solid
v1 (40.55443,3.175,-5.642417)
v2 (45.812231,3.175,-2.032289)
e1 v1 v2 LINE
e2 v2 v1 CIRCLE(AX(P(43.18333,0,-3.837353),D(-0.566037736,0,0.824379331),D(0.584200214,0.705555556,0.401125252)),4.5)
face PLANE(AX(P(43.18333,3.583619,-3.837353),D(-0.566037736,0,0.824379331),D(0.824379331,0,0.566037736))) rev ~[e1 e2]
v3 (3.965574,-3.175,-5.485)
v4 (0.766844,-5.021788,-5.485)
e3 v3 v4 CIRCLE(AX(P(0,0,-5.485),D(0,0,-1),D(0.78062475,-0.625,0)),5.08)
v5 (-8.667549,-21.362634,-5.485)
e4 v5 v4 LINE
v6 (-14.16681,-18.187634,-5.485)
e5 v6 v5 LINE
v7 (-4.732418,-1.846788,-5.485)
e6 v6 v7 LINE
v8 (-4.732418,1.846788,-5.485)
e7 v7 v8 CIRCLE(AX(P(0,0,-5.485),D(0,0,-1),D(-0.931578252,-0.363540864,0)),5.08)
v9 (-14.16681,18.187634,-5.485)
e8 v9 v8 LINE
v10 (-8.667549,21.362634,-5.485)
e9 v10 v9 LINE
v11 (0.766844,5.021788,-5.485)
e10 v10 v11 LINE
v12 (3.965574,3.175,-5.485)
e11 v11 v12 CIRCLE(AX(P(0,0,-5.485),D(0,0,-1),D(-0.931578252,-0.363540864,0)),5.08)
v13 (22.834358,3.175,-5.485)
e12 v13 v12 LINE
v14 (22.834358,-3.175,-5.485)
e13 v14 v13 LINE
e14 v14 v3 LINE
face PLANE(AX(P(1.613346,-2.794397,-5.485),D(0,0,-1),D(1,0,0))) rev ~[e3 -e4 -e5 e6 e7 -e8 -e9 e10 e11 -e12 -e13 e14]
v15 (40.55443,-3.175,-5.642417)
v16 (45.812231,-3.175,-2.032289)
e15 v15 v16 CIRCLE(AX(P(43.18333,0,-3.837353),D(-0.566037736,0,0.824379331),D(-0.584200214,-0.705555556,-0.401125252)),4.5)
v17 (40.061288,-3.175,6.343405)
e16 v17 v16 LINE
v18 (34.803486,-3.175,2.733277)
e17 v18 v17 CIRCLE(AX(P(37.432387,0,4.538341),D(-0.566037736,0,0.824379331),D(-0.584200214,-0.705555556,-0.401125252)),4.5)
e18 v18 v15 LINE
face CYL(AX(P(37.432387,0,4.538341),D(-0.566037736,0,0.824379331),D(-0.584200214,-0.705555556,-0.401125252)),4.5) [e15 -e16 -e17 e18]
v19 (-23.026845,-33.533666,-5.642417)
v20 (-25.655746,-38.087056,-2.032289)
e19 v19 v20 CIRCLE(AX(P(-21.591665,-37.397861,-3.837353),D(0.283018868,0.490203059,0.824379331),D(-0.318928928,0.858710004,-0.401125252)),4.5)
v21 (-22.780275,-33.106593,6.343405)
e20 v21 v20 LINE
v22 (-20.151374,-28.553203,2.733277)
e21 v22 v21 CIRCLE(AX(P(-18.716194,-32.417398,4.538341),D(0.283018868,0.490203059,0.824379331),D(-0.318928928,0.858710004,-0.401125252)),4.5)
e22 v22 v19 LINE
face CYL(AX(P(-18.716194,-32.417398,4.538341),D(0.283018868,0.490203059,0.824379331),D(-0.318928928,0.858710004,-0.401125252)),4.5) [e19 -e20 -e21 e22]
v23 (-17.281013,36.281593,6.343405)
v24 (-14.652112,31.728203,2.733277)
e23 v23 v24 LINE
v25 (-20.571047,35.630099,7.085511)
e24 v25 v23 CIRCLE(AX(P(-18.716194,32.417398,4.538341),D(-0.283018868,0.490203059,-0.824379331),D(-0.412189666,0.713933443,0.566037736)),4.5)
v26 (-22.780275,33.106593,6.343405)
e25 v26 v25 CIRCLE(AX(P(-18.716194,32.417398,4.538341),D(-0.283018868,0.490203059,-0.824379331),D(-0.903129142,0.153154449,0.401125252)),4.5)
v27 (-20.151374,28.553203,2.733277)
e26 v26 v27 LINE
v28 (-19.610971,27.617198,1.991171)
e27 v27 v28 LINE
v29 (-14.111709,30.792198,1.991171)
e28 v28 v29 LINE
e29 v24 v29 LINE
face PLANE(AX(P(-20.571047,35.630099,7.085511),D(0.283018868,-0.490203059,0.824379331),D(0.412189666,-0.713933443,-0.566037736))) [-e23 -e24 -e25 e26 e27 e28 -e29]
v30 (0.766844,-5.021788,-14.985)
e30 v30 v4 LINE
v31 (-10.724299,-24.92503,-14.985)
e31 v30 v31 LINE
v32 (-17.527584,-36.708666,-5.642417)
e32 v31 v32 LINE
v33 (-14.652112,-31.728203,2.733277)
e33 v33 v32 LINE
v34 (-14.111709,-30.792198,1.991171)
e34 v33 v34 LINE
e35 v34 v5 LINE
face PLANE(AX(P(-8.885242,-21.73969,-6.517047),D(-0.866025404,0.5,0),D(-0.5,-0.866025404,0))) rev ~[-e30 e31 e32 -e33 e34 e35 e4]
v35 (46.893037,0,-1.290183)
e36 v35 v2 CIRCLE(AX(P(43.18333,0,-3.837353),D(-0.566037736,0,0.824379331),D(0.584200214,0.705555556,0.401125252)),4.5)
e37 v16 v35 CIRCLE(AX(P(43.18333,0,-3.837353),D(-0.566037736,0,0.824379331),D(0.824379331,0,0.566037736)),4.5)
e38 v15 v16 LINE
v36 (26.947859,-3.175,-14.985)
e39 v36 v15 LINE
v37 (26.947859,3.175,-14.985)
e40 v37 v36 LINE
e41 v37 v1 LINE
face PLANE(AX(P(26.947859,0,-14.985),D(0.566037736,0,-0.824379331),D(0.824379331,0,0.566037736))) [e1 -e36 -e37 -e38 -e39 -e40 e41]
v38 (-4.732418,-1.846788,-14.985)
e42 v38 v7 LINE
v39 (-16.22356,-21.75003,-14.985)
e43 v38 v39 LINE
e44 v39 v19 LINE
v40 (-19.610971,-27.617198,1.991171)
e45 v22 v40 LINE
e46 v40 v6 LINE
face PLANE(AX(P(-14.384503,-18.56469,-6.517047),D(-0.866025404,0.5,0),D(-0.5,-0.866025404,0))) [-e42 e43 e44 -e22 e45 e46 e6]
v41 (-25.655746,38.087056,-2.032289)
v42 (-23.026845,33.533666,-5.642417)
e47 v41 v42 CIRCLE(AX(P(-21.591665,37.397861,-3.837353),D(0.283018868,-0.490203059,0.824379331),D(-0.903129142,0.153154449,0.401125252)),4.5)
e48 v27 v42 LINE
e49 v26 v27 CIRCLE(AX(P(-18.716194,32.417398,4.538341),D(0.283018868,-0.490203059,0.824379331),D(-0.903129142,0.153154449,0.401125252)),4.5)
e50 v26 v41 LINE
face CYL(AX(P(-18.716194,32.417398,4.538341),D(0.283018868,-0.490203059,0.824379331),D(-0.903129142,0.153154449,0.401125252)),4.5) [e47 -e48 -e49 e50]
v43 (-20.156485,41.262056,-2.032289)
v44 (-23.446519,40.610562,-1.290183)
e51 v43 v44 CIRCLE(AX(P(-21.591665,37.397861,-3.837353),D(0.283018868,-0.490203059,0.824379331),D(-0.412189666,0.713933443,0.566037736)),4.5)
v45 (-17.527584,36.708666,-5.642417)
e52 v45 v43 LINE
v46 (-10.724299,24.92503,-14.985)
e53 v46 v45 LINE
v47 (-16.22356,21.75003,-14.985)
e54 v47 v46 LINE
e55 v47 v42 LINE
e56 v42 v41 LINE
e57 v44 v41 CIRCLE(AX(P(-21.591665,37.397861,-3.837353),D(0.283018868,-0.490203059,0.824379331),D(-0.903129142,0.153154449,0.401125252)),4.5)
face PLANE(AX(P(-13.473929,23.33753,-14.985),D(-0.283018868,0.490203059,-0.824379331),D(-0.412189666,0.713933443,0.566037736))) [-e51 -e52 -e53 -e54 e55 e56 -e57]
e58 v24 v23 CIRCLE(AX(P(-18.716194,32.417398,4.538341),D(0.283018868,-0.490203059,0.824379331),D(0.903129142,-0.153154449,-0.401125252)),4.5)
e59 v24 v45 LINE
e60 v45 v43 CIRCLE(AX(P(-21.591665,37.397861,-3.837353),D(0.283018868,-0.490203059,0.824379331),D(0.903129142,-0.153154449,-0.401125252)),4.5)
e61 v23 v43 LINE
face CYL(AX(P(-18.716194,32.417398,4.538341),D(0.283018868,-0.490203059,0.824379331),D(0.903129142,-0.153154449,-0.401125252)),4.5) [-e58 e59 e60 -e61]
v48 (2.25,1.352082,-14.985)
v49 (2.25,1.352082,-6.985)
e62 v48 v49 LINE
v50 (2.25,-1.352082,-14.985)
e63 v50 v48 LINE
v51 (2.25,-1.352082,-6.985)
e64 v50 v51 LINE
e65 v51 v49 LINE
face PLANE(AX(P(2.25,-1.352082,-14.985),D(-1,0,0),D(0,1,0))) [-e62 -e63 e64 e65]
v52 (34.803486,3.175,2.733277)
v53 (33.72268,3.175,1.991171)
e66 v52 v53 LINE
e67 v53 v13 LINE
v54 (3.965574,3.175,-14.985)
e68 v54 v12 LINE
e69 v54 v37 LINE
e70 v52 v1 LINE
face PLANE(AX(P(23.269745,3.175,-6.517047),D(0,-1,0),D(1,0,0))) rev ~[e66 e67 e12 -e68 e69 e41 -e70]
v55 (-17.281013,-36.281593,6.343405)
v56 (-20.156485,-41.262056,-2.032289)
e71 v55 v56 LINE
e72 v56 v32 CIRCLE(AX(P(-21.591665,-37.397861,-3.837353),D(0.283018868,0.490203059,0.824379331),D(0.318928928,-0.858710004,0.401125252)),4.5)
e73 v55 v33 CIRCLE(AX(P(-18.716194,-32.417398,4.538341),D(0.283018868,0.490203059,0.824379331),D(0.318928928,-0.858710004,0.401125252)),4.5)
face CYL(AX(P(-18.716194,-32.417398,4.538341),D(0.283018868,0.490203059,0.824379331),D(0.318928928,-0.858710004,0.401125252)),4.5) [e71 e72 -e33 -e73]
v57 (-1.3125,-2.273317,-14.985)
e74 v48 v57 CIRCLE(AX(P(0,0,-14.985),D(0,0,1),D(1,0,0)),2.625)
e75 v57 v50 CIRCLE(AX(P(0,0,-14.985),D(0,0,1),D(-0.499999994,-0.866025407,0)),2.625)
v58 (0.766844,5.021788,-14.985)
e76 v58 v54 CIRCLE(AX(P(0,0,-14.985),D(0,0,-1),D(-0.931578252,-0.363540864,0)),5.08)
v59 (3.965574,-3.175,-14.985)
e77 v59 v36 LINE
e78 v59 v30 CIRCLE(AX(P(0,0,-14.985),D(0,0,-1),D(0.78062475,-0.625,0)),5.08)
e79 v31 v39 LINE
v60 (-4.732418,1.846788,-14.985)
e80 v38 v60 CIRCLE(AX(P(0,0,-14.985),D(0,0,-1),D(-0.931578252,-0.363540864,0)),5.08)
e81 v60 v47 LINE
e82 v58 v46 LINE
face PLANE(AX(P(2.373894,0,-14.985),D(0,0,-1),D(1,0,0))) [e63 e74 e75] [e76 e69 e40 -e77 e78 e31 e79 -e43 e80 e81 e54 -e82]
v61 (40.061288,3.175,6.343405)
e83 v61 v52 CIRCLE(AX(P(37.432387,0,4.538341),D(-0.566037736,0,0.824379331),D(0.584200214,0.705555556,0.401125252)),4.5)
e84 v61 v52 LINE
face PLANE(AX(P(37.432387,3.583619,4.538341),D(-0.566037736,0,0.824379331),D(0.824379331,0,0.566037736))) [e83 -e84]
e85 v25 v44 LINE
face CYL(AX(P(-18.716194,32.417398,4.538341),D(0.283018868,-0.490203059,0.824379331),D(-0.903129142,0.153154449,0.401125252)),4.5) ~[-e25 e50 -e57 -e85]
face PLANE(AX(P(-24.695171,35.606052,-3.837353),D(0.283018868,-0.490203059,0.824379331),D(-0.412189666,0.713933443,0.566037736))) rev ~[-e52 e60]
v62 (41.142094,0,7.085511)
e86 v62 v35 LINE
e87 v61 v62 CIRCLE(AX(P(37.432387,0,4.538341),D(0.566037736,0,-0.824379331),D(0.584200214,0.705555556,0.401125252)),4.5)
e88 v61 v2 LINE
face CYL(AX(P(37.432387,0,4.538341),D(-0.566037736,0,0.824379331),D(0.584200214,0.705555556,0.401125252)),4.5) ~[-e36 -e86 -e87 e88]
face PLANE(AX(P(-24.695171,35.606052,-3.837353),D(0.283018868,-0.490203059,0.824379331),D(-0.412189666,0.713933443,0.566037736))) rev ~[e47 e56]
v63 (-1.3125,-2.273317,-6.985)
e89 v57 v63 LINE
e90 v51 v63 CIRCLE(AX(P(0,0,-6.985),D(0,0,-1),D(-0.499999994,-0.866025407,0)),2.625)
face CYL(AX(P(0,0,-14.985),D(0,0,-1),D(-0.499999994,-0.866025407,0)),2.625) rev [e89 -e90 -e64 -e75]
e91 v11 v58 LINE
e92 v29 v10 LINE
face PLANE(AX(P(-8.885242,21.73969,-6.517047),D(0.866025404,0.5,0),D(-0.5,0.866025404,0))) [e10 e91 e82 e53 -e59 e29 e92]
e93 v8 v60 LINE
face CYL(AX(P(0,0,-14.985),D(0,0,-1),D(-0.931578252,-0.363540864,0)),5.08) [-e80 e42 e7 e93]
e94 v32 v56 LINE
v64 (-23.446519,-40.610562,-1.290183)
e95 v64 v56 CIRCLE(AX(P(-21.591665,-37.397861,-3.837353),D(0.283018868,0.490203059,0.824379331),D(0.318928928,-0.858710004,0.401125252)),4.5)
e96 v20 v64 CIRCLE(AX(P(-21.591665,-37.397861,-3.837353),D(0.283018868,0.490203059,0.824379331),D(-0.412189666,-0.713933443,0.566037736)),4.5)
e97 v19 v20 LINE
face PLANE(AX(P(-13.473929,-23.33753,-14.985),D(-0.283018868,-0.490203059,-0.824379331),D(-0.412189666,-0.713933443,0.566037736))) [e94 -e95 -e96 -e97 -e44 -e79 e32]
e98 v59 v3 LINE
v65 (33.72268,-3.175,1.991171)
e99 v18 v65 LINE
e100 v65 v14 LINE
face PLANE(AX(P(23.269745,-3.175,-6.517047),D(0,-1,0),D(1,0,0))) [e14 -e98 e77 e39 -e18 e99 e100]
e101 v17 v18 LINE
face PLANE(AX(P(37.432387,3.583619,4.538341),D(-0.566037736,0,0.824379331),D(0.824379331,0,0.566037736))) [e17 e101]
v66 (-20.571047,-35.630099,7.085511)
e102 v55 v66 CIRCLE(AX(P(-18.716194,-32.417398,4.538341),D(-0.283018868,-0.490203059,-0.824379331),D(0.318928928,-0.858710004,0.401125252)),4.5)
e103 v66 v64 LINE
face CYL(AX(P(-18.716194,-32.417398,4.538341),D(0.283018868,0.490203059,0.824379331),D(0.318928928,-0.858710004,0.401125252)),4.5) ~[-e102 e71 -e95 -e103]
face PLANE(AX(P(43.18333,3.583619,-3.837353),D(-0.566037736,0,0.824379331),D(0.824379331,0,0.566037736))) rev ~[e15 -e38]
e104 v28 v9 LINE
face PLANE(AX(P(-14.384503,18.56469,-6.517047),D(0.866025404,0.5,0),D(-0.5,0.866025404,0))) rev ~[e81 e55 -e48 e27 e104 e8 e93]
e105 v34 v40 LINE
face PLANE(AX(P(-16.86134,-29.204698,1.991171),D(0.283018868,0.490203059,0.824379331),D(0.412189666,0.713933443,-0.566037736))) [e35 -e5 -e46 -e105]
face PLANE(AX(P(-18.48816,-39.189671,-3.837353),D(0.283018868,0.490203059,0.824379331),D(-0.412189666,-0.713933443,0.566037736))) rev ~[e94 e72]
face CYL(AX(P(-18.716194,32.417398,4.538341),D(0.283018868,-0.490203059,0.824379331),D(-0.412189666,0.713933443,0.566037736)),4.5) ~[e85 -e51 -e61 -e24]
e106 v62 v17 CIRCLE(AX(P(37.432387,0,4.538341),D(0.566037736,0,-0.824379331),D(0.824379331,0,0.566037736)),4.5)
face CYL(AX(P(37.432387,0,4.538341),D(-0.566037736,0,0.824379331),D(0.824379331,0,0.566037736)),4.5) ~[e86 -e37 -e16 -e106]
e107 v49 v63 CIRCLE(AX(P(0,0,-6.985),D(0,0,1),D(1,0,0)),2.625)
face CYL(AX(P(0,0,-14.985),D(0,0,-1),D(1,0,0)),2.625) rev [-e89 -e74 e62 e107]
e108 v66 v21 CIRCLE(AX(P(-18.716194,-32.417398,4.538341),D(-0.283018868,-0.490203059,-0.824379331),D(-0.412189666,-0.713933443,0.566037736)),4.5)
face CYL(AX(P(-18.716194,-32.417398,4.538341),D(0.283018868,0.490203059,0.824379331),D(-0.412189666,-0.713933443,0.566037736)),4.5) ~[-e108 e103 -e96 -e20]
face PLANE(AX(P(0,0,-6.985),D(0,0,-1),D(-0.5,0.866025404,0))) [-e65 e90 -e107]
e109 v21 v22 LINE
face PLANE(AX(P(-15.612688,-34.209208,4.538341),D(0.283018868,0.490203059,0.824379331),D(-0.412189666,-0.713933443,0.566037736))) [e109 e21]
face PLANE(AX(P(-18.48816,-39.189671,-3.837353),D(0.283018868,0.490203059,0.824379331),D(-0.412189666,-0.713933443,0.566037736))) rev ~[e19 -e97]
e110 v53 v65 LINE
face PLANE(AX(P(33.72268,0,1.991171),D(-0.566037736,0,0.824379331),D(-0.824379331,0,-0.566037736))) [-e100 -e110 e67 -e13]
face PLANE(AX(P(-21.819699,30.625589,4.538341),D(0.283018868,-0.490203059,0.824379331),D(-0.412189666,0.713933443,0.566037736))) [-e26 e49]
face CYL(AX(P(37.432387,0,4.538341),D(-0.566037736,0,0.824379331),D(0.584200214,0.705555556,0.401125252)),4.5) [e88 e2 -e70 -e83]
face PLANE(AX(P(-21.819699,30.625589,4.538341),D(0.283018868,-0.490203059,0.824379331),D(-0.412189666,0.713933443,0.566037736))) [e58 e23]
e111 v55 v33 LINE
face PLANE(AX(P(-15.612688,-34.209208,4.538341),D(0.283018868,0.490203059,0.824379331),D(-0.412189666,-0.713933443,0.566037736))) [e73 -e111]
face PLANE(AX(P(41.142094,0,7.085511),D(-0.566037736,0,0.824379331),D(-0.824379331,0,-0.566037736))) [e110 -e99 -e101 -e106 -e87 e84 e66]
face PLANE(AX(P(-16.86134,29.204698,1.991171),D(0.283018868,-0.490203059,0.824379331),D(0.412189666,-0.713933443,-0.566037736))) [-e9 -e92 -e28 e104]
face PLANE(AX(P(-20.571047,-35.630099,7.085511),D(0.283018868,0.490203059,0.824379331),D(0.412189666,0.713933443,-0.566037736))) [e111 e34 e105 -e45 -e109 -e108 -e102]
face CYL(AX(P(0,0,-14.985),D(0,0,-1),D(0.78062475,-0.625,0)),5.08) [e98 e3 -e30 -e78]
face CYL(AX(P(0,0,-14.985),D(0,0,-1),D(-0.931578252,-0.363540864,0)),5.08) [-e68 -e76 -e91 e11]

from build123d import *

# Parameters (mm, degrees)
F1_DEPTH  = 3.175
F3_DEPTH  = 10.16
F5_DEPTH  = 21.4507239097
F6_COUNT  = 3
F8_DEPTH  = 9.5
F10_DEPTH = 9.5


with BuildPart() as f1:
    # F0 (on Front) → F1 (new body, symmetric)
    with BuildSketch(Plane.XZ):
        Polygon((0, -5.485), (0, -6.985), (2.625, -6.985), (2.625, -14.985), (26.9478585707, -14.985), (46.8930374778, -1.2901832047), (41.1420940815, 7.0855107996), (33.7226801014, 1.9911711769), (22.8343583448, -5.485), align=None)
    extrude(amount=F1_DEPTH, both=True)

    # F2 (on face) → F3 (join, through all)
    with BuildSketch(Plane(origin=(9.8755636575, 0, -14.3828053272), x_dir=(0.8243793311, 0, 0.5660377358), z_dir=(-0.5660377358, 0, 0.8243793311))):
        with BuildLine():
            Line((30.23841274, 3.175), (36.6163042411, 3.175))
            ThreePointArc((36.6163042411, 3.175), (33.4273584906, 4.5), (30.23841274, 3.175))
        make_face()
        with BuildLine():
            ThreePointArc((30.23841274, -3.175), (33.4273584906, -4.5), (36.6163042411, -3.175))
            Line((36.6163042411, -3.175), (30.23841274, -3.175))
        make_face()
        with BuildLine():
            ThreePointArc((36.6163042411, -3.175), (37.5867007389, -1.7175191589), (37.9273584906, 0))
            ThreePointArc((37.9273584906, 0), (37.5867007389, 1.7175191589), (36.6163042411, 3.175))
            Line((36.6163042411, 3.175), (30.23841274, 3.175))
            ThreePointArc((30.23841274, 3.175), (28.9273584906, 0), (30.23841274, -3.175))
            Line((30.23841274, -3.175), (36.6163042411, -3.175))
        make_face()
    extrude(amount=-F3_DEPTH)

    # F4 (on face) → F5 (cut, through all)
    with BuildSketch(Plane(origin=(9.8755636575, 0, -14.3828053272), x_dir=(0.8243793311, 0, 0.5660377358), z_dir=(-0.5660377358, 0, 0.8243793311))):
        with BuildLine():
            Line((36.6163042411, -3.175), (37.9273584906, -3.175))
            Line((37.9273584906, -3.175), (37.9273584906, 0))
            ThreePointArc((37.9273584905, 0), (37.5867007389, -1.7175191589), (36.6163042411, -3.175))
        make_face()
        with BuildLine():
            ThreePointArc((36.6163042411, 3.175), (37.5867007389, 1.7175191589), (37.9273584905, 0))
            Line((37.9273584906, 0), (37.9273584906, 3.175))
            Line((37.9273584906, 3.175), (36.6163042411, 3.175))
        make_face()
    extrude(amount=-F5_DEPTH, mode=Mode.SUBTRACT)

    # F6: F1 ×3 about axis
    f6_axis = Axis((0, 0, -2.7425), (0, 0, -1))


with BuildPart() as f1_1:
    add(f1.part)
    for i in range(1, F6_COUNT):
        add(f1.part.rotate(f6_axis, i * 360 / F6_COUNT))

    # F7 (on face) → F8 (join, through all)
    with BuildSketch(Plane(origin=(0, 0, -14.985), x_dir=(1, 0, 0), z_dir=(0, 0, -1))):
        with BuildLine():
            ThreePointArc((-1.3124999835, 2.2733166945), (1.3125000082, 2.2733166802), (2.625, 0))
            Line((2.625, 0), (2.625, 3.175))
            Line((2.625, 3.175), (3.965573729, 3.175))
            ThreePointArc((3.965573729, 3.175), (2.54, 4.3994090512), (0.7668437925, 5.0217875899))
            Line((0.7668437925, 5.0217875899), (1.437130657, 3.8608166849))
            Line((1.437130657, 3.8608166849), (-1.3124999835, 2.2733166945))
        make_face()
        with BuildLine():
            Line((2.625, -3.175), (2.625, 0))
            ThreePointArc((2.625, 0), (-1.3125000082, -2.2733166802), (-1.3124999835, 2.2733166945))
            Line((-1.3124999835, 2.2733166945), (-4.062130657, 0.6858166849))
            Line((-4.062130657, 0.6858166849), (-4.7324175215, 1.8467875899))
            ThreePointArc((-4.7324175215, 1.8467875899), (-2.54, -4.3994090512), (3.965573729, -3.175))
            Line((3.965573729, -3.175), (2.625, -3.175))
        make_face()
    extrude(amount=-F8_DEPTH)

    # F9 (on face) → F10 (join, through all)
    with BuildSketch(Plane(origin=(0, 0, -14.985), x_dir=(1, 0, 0), z_dir=(0, 0, -1))):
        with BuildLine():
            ThreePointArc((2.25, -1.3520817283), (2.5295132931, -0.70156076), (2.625, 0))
            ThreePointArc((2.625, 0), (2.5295132931, 0.70156076), (2.25, 1.3520817283))
            Line((2.25, 1.3520817283), (2.25, -1.3520817283))
        make_face()
    extrude(amount=-F10_DEPTH)


solid = f1_1.part
